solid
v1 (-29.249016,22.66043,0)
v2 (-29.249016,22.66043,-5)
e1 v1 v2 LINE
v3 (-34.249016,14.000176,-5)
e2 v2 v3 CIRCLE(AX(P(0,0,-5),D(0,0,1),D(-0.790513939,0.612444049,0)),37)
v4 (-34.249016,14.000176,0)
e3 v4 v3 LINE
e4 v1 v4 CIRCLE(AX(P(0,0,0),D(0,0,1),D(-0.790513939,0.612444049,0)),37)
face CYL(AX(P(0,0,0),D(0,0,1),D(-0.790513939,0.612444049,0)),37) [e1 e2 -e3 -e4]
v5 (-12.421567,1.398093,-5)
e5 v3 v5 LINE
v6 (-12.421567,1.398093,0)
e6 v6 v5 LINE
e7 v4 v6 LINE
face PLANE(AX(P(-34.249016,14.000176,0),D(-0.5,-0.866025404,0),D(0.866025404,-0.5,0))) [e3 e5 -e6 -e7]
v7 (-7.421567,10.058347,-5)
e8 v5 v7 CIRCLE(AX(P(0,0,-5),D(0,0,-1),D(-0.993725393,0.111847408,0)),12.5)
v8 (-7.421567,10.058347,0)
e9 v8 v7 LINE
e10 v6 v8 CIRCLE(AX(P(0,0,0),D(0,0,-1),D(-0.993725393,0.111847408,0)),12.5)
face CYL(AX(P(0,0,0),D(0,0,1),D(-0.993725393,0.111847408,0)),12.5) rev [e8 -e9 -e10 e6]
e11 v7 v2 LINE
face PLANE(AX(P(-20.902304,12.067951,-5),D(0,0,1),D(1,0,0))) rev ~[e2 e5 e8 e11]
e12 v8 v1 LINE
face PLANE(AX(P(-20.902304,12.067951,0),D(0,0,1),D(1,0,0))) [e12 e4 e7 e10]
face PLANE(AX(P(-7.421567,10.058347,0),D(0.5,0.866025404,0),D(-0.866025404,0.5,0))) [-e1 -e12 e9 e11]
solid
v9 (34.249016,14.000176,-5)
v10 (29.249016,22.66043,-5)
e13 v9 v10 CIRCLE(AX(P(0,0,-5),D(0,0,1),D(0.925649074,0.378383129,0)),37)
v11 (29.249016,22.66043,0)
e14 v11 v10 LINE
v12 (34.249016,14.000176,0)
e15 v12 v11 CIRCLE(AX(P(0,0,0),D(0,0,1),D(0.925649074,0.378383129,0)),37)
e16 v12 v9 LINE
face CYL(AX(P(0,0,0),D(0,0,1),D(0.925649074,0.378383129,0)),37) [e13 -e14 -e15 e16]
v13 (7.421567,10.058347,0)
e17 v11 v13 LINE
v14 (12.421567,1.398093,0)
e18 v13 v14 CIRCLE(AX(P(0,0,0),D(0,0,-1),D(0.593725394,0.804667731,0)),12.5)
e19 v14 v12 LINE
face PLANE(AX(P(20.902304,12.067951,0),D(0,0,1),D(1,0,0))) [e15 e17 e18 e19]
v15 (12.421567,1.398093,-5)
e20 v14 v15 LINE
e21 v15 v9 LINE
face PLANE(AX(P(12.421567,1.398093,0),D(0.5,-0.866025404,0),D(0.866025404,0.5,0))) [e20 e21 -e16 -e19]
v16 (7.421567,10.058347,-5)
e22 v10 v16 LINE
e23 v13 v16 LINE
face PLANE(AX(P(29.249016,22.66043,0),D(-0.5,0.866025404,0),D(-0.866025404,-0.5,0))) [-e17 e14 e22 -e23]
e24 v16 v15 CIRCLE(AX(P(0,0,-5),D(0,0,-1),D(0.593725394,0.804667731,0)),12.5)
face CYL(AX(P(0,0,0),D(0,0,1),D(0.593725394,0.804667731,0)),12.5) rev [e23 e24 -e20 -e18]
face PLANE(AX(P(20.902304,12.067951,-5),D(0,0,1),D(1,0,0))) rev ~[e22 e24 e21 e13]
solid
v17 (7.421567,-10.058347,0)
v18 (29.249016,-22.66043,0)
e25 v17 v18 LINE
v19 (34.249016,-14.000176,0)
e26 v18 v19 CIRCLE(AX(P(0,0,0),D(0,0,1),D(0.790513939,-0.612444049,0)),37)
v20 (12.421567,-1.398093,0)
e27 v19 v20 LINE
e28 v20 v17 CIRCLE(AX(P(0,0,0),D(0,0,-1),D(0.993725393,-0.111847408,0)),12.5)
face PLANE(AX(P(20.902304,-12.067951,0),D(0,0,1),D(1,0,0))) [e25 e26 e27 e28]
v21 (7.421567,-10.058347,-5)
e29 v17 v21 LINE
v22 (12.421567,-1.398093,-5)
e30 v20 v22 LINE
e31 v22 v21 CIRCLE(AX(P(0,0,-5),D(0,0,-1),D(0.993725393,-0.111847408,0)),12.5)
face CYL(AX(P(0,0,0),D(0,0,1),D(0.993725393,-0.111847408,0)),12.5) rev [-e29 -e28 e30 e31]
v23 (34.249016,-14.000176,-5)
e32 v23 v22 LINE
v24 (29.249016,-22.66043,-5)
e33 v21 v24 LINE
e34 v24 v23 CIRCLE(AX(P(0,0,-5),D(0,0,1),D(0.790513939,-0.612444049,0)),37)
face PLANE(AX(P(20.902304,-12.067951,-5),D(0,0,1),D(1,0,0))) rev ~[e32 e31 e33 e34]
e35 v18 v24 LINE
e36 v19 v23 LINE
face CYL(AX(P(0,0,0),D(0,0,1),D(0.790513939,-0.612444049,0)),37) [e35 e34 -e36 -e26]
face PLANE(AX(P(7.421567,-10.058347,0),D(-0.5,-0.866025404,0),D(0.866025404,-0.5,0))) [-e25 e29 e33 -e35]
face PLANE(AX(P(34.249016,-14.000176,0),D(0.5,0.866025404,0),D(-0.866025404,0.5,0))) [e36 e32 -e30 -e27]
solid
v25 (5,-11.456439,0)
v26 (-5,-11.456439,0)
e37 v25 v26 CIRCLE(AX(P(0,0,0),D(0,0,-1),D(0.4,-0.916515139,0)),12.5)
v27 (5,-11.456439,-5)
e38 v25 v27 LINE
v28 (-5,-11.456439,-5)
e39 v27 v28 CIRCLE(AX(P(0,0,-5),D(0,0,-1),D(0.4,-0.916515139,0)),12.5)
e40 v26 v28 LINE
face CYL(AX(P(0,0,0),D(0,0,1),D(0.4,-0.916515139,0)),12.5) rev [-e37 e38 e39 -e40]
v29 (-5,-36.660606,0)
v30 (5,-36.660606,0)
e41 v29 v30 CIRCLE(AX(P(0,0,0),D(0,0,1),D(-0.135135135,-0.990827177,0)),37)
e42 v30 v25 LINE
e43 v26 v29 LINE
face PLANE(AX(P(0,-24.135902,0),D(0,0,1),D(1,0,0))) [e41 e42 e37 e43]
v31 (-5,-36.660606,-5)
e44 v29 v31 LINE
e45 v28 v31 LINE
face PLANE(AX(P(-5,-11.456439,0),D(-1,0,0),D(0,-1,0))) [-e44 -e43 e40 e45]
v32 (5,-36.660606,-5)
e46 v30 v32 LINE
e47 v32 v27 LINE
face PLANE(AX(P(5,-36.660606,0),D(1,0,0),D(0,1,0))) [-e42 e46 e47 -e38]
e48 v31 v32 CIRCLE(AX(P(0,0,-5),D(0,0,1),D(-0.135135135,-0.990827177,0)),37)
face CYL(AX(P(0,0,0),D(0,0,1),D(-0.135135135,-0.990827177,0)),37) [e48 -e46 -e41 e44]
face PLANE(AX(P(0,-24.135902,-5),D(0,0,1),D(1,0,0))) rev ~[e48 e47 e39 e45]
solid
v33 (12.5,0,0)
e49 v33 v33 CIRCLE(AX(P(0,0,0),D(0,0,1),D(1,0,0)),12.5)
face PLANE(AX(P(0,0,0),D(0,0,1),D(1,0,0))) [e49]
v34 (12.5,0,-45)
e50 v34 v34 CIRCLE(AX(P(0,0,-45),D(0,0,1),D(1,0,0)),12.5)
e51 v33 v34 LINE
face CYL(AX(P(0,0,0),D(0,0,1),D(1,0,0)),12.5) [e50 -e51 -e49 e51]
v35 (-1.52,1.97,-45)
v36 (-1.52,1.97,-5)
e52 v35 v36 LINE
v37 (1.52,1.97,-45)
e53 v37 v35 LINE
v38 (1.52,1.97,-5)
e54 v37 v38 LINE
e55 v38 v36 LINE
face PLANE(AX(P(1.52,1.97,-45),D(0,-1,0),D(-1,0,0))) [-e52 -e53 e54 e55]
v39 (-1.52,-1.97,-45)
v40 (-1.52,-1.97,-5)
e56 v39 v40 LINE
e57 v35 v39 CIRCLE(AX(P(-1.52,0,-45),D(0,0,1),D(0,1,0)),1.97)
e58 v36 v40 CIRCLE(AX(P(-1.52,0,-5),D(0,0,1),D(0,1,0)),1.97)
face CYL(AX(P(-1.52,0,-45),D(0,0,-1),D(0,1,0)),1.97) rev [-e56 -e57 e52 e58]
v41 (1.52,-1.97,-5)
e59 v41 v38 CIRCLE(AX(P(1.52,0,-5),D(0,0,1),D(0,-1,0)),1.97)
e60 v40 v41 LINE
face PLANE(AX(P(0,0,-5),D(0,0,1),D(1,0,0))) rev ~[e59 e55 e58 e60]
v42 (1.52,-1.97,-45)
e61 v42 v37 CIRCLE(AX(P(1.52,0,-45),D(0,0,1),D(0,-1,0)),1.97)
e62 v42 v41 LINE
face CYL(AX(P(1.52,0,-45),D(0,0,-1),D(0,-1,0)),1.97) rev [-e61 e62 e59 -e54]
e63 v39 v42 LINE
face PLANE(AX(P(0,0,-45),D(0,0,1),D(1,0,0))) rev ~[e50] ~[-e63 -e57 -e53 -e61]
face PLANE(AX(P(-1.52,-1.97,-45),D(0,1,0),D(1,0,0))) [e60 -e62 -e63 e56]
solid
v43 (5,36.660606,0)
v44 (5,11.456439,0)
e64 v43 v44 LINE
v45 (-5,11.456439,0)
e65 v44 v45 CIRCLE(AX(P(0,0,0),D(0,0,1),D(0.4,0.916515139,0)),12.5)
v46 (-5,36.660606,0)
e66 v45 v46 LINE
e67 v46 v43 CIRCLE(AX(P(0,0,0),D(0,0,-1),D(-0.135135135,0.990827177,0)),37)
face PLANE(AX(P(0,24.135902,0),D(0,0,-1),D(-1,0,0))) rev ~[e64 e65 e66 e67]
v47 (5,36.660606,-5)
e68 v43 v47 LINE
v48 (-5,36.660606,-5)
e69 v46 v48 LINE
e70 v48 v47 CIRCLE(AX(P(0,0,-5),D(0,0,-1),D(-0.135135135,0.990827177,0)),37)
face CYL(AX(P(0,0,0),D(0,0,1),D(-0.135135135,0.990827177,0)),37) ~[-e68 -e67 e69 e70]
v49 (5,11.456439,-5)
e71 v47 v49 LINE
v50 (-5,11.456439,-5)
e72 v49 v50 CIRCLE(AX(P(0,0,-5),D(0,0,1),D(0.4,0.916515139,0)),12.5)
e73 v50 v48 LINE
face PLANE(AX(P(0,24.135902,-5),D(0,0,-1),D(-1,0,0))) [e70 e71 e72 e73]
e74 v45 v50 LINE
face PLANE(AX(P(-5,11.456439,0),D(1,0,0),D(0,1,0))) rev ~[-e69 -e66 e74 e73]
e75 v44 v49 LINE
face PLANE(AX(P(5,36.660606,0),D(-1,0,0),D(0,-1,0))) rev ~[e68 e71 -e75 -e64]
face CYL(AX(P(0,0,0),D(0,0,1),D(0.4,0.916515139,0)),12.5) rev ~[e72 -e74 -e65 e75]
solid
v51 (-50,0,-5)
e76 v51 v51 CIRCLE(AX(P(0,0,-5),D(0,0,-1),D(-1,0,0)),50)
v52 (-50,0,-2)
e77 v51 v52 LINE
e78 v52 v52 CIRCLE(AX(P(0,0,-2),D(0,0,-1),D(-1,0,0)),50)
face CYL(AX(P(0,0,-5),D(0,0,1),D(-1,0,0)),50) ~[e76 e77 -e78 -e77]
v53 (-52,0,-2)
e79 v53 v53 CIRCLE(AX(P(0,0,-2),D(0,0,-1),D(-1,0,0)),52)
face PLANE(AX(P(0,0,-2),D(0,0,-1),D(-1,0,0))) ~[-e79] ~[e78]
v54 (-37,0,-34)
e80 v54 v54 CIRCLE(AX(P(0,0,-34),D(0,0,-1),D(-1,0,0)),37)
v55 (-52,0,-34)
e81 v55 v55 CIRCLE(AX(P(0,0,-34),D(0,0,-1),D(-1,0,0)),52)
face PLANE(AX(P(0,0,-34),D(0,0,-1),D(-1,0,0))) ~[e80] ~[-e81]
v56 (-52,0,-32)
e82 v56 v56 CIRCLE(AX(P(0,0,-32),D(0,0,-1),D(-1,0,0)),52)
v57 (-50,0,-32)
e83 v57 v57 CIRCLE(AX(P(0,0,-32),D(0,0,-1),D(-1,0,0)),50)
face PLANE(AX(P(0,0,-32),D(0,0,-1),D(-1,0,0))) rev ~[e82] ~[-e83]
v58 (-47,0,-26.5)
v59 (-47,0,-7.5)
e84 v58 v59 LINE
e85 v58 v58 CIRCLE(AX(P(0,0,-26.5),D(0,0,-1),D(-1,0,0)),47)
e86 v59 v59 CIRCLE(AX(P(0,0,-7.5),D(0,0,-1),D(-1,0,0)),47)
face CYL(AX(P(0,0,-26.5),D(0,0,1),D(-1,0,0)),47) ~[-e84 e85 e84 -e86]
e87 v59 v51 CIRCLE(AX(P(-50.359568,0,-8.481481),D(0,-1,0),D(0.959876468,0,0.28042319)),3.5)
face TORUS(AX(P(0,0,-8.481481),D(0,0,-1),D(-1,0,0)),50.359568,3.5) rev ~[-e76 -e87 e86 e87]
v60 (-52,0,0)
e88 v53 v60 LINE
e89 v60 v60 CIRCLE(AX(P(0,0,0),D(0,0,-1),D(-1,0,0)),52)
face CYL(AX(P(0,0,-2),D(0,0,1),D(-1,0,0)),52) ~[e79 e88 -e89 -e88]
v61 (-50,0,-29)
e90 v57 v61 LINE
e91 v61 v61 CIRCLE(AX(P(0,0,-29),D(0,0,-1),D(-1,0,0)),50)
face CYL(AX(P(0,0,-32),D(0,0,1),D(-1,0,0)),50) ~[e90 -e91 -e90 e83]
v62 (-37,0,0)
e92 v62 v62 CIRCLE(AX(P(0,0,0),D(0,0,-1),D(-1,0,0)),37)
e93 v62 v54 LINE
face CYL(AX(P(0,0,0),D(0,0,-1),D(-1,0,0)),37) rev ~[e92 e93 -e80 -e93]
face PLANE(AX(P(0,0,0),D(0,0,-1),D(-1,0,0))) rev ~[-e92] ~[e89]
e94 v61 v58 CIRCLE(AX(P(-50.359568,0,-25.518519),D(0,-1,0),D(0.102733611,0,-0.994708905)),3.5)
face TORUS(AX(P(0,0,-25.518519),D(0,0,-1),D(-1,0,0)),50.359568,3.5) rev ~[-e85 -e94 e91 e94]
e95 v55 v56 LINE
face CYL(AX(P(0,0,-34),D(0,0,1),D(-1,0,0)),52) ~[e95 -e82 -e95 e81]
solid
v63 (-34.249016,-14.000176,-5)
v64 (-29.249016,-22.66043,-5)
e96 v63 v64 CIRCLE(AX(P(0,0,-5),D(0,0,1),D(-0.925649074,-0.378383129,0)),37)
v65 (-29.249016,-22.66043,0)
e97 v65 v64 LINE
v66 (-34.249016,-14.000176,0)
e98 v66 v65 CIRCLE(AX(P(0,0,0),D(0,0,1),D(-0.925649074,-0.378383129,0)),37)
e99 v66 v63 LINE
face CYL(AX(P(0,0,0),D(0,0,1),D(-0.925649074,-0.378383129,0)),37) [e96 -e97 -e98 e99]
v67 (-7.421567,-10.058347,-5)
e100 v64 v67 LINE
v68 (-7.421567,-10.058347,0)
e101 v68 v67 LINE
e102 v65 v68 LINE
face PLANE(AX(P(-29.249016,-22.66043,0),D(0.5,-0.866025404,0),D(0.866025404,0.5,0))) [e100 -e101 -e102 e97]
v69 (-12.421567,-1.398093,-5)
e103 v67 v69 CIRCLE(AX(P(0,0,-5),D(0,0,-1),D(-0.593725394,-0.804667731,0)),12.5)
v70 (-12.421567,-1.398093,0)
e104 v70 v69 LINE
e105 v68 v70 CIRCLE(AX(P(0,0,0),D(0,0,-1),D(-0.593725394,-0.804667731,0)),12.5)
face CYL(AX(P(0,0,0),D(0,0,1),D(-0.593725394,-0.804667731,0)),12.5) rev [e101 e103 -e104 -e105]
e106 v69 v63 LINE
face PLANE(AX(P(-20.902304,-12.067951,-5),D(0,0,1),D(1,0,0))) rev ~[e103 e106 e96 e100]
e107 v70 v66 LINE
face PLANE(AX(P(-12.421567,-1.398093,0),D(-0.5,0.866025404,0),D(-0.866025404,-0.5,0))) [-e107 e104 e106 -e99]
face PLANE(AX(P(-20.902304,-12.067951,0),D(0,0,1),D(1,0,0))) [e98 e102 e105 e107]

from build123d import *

# Parameters (mm, degrees)
SKETCH2_R             = 12.5
SKETCH2_R_2           = 7.5
BOSS_EXTRUDE1_DEPTH   = 45
BOSS_EXTRUDE6_DEPTH   = 5
BOSS_EXTRUDE6_2_DEPTH = 5
BOSS_EXTRUDE6_3_DEPTH = 5
BOSS_EXTRUDE6_4_DEPTH = 5
BOSS_EXTRUDE6_5_DEPTH = 5
BOSS_EXTRUDE6_6_DEPTH = 5
CUT_EXTRUDE1_DEPTH    = 40


with BuildPart() as part:
    # Sketch1 → Revolve1 (revolve)
    with BuildSketch(Plane(origin=(0, 0, 0), x_dir=(0, 0, -1), z_dir=(1, 0, 0)), mode=Mode.PRIVATE) as revolve1_sk:
        with BuildLine():
            Line((5, 50), (2, 50))
            Line((2, 50), (2, 52))
            Line((2, 52), (0, 52))
            Line((0, 52), (0, 37))
            Line((0, 37), (17, 37))
            Line((17, 37), (17, 47))
            Line((17, 47), (7.5, 47))
            ThreePointArc((7.5, 47), (5.792706688, 48.11892224), (5, 50))
        make_face()
        with BuildLine():
            Line((26.5, 47), (17, 47))
            Line((17, 47), (17, 37))
            Line((17, 37), (34, 37))
            Line((34, 37), (34, 52))
            Line((34, 52), (32, 52))
            Line((32, 52), (32, 50))
            Line((32, 50), (29, 50))
            ThreePointArc((29, 50), (28.207293312, 48.11892224), (26.5, 47))
        make_face()
    revolve(revolve1_sk.sketch.rotate(Axis((0, 0, 0), (0, 0, -1)), 270), axis=Axis((0, 0, 0), (0, 0, -1)))


with BuildPart() as body_2:
    # Sketch2 → Boss-Extrude1 (new body)
    # profile 1 of 2: a face of its own
    with BuildSketch(Plane.XY):
        Circle(SKETCH2_R)
        Circle(SKETCH2_R_2, mode=Mode.SUBTRACT)
    # profile 2 of 2: a face of its own
    with BuildSketch(Plane.XY):
        Circle(SKETCH2_R_2)
    extrude(amount=-BOSS_EXTRUDE1_DEPTH)

    # Sketch4 → Cut-Extrude1 (cut)
    with BuildSketch(Plane(origin=(0, 0, -45), x_dir=(-1, 0, 0), z_dir=(0, 0, -1))):
        with BuildLine():
            Line((-1.52, 1.97), (1.52, 1.97))
            ThreePointArc((1.52, 1.97), (3.49, 0), (1.52, -1.97))
            Line((1.52, -1.97), (-1.52, -1.97))
            ThreePointArc((-1.52, -1.97), (-3.49, 0), (-1.52, 1.97))
        make_face()
    extrude(amount=-CUT_EXTRUDE1_DEPTH, mode=Mode.SUBTRACT)


with BuildPart() as body_3:
    # Sketch3 → Boss-Extrude6 (new body)
    with BuildSketch(Plane.XY):
        with BuildLine():
            Line((-5, 11.456439237), (-5, 36.66060556))
            ThreePointArc((-5, 36.66060556), (0, 37), (5, 36.66060556))
            Line((5, 36.66060556), (5, 11.456439237))
            ThreePointArc((5, 11.456439237), (0, 12.5), (-5, 11.456439237))
        make_face()
    extrude(amount=-BOSS_EXTRUDE6_DEPTH)


with BuildPart() as body_4:
    # Sketch3 → Boss-Extrude6 2 (new body)
    with BuildSketch(Plane.XY):
        with BuildLine():
            Line((12.421567417, 1.3980926), (34.249015733, 14.000175761))
            ThreePointArc((34.249015733, 14.000175761), (32.04293994, 18.5), (29.249015733, 22.660429799))
            Line((29.249015733, 22.660429799), (7.421567417, 10.058346638))
            ThreePointArc((7.421567417, 10.058346638), (10.825317547, 6.25), (12.421567417, 1.3980926))
        make_face()
    extrude(amount=-BOSS_EXTRUDE6_2_DEPTH)


with BuildPart() as body_5:
    # Sketch3 → Boss-Extrude6 3 (new body)
    with BuildSketch(Plane.XY):
        with BuildLine():
            Line((7.421567417, -10.058346638), (29.249015733, -22.660429799))
            ThreePointArc((29.249015733, -22.660429799), (32.04293994, -18.5), (34.249015733, -14.000175761))
            Line((34.249015733, -14.000175761), (12.421567417, -1.3980926))
            ThreePointArc((12.421567417, -1.3980926), (10.825317547, -6.25), (7.421567417, -10.058346638))
        make_face()
    extrude(amount=-BOSS_EXTRUDE6_3_DEPTH)


with BuildPart() as body_6:
    # Sketch3 → Boss-Extrude6 4 (new body)
    with BuildSketch(Plane.XY):
        with BuildLine():
            Line((-5, -11.456439237), (-5, -36.66060556))
            ThreePointArc((-5, -36.66060556), (0, -37), (5, -36.66060556))
            Line((5, -36.66060556), (5, -11.456439237))
            ThreePointArc((5, -11.456439237), (0, -12.5), (-5, -11.456439237))
        make_face()
    extrude(amount=-BOSS_EXTRUDE6_4_DEPTH)


with BuildPart() as body_7:
    # Sketch3 → Boss-Extrude6 5 (new body)
    with BuildSketch(Plane.XY):
        with BuildLine():
            Line((-12.421567417, -1.3980926), (-34.249015733, -14.000175761))
            ThreePointArc((-34.249015733, -14.000175761), (-32.04293994, -18.5), (-29.249015733, -22.660429799))
            Line((-29.249015733, -22.660429799), (-7.421567417, -10.058346638))
            ThreePointArc((-7.421567417, -10.058346638), (-10.825317547, -6.25), (-12.421567417, -1.3980926))
        make_face()
    extrude(amount=-BOSS_EXTRUDE6_5_DEPTH)


with BuildPart() as body_8:
    # Sketch3 → Boss-Extrude6 6 (new body)
    with BuildSketch(Plane.XY):
        with BuildLine():
            Line((-7.421567417, 10.058346638), (-29.249015733, 22.660429799))
            ThreePointArc((-29.249015733, 22.660429799), (-32.04293994, 18.5), (-34.249015733, 14.000175761))
            Line((-34.249015733, 14.000175761), (-12.421567417, 1.3980926))
            ThreePointArc((-12.421567417, 1.3980926), (-10.825317547, 6.25), (-7.421567417, 10.058346638))
        make_face()
    extrude(amount=-BOSS_EXTRUDE6_6_DEPTH)


solid = Compound([part.part, body_2.part, body_3.part, body_4.part, body_5.part, body_6.part, body_7.part, body_8.part])
